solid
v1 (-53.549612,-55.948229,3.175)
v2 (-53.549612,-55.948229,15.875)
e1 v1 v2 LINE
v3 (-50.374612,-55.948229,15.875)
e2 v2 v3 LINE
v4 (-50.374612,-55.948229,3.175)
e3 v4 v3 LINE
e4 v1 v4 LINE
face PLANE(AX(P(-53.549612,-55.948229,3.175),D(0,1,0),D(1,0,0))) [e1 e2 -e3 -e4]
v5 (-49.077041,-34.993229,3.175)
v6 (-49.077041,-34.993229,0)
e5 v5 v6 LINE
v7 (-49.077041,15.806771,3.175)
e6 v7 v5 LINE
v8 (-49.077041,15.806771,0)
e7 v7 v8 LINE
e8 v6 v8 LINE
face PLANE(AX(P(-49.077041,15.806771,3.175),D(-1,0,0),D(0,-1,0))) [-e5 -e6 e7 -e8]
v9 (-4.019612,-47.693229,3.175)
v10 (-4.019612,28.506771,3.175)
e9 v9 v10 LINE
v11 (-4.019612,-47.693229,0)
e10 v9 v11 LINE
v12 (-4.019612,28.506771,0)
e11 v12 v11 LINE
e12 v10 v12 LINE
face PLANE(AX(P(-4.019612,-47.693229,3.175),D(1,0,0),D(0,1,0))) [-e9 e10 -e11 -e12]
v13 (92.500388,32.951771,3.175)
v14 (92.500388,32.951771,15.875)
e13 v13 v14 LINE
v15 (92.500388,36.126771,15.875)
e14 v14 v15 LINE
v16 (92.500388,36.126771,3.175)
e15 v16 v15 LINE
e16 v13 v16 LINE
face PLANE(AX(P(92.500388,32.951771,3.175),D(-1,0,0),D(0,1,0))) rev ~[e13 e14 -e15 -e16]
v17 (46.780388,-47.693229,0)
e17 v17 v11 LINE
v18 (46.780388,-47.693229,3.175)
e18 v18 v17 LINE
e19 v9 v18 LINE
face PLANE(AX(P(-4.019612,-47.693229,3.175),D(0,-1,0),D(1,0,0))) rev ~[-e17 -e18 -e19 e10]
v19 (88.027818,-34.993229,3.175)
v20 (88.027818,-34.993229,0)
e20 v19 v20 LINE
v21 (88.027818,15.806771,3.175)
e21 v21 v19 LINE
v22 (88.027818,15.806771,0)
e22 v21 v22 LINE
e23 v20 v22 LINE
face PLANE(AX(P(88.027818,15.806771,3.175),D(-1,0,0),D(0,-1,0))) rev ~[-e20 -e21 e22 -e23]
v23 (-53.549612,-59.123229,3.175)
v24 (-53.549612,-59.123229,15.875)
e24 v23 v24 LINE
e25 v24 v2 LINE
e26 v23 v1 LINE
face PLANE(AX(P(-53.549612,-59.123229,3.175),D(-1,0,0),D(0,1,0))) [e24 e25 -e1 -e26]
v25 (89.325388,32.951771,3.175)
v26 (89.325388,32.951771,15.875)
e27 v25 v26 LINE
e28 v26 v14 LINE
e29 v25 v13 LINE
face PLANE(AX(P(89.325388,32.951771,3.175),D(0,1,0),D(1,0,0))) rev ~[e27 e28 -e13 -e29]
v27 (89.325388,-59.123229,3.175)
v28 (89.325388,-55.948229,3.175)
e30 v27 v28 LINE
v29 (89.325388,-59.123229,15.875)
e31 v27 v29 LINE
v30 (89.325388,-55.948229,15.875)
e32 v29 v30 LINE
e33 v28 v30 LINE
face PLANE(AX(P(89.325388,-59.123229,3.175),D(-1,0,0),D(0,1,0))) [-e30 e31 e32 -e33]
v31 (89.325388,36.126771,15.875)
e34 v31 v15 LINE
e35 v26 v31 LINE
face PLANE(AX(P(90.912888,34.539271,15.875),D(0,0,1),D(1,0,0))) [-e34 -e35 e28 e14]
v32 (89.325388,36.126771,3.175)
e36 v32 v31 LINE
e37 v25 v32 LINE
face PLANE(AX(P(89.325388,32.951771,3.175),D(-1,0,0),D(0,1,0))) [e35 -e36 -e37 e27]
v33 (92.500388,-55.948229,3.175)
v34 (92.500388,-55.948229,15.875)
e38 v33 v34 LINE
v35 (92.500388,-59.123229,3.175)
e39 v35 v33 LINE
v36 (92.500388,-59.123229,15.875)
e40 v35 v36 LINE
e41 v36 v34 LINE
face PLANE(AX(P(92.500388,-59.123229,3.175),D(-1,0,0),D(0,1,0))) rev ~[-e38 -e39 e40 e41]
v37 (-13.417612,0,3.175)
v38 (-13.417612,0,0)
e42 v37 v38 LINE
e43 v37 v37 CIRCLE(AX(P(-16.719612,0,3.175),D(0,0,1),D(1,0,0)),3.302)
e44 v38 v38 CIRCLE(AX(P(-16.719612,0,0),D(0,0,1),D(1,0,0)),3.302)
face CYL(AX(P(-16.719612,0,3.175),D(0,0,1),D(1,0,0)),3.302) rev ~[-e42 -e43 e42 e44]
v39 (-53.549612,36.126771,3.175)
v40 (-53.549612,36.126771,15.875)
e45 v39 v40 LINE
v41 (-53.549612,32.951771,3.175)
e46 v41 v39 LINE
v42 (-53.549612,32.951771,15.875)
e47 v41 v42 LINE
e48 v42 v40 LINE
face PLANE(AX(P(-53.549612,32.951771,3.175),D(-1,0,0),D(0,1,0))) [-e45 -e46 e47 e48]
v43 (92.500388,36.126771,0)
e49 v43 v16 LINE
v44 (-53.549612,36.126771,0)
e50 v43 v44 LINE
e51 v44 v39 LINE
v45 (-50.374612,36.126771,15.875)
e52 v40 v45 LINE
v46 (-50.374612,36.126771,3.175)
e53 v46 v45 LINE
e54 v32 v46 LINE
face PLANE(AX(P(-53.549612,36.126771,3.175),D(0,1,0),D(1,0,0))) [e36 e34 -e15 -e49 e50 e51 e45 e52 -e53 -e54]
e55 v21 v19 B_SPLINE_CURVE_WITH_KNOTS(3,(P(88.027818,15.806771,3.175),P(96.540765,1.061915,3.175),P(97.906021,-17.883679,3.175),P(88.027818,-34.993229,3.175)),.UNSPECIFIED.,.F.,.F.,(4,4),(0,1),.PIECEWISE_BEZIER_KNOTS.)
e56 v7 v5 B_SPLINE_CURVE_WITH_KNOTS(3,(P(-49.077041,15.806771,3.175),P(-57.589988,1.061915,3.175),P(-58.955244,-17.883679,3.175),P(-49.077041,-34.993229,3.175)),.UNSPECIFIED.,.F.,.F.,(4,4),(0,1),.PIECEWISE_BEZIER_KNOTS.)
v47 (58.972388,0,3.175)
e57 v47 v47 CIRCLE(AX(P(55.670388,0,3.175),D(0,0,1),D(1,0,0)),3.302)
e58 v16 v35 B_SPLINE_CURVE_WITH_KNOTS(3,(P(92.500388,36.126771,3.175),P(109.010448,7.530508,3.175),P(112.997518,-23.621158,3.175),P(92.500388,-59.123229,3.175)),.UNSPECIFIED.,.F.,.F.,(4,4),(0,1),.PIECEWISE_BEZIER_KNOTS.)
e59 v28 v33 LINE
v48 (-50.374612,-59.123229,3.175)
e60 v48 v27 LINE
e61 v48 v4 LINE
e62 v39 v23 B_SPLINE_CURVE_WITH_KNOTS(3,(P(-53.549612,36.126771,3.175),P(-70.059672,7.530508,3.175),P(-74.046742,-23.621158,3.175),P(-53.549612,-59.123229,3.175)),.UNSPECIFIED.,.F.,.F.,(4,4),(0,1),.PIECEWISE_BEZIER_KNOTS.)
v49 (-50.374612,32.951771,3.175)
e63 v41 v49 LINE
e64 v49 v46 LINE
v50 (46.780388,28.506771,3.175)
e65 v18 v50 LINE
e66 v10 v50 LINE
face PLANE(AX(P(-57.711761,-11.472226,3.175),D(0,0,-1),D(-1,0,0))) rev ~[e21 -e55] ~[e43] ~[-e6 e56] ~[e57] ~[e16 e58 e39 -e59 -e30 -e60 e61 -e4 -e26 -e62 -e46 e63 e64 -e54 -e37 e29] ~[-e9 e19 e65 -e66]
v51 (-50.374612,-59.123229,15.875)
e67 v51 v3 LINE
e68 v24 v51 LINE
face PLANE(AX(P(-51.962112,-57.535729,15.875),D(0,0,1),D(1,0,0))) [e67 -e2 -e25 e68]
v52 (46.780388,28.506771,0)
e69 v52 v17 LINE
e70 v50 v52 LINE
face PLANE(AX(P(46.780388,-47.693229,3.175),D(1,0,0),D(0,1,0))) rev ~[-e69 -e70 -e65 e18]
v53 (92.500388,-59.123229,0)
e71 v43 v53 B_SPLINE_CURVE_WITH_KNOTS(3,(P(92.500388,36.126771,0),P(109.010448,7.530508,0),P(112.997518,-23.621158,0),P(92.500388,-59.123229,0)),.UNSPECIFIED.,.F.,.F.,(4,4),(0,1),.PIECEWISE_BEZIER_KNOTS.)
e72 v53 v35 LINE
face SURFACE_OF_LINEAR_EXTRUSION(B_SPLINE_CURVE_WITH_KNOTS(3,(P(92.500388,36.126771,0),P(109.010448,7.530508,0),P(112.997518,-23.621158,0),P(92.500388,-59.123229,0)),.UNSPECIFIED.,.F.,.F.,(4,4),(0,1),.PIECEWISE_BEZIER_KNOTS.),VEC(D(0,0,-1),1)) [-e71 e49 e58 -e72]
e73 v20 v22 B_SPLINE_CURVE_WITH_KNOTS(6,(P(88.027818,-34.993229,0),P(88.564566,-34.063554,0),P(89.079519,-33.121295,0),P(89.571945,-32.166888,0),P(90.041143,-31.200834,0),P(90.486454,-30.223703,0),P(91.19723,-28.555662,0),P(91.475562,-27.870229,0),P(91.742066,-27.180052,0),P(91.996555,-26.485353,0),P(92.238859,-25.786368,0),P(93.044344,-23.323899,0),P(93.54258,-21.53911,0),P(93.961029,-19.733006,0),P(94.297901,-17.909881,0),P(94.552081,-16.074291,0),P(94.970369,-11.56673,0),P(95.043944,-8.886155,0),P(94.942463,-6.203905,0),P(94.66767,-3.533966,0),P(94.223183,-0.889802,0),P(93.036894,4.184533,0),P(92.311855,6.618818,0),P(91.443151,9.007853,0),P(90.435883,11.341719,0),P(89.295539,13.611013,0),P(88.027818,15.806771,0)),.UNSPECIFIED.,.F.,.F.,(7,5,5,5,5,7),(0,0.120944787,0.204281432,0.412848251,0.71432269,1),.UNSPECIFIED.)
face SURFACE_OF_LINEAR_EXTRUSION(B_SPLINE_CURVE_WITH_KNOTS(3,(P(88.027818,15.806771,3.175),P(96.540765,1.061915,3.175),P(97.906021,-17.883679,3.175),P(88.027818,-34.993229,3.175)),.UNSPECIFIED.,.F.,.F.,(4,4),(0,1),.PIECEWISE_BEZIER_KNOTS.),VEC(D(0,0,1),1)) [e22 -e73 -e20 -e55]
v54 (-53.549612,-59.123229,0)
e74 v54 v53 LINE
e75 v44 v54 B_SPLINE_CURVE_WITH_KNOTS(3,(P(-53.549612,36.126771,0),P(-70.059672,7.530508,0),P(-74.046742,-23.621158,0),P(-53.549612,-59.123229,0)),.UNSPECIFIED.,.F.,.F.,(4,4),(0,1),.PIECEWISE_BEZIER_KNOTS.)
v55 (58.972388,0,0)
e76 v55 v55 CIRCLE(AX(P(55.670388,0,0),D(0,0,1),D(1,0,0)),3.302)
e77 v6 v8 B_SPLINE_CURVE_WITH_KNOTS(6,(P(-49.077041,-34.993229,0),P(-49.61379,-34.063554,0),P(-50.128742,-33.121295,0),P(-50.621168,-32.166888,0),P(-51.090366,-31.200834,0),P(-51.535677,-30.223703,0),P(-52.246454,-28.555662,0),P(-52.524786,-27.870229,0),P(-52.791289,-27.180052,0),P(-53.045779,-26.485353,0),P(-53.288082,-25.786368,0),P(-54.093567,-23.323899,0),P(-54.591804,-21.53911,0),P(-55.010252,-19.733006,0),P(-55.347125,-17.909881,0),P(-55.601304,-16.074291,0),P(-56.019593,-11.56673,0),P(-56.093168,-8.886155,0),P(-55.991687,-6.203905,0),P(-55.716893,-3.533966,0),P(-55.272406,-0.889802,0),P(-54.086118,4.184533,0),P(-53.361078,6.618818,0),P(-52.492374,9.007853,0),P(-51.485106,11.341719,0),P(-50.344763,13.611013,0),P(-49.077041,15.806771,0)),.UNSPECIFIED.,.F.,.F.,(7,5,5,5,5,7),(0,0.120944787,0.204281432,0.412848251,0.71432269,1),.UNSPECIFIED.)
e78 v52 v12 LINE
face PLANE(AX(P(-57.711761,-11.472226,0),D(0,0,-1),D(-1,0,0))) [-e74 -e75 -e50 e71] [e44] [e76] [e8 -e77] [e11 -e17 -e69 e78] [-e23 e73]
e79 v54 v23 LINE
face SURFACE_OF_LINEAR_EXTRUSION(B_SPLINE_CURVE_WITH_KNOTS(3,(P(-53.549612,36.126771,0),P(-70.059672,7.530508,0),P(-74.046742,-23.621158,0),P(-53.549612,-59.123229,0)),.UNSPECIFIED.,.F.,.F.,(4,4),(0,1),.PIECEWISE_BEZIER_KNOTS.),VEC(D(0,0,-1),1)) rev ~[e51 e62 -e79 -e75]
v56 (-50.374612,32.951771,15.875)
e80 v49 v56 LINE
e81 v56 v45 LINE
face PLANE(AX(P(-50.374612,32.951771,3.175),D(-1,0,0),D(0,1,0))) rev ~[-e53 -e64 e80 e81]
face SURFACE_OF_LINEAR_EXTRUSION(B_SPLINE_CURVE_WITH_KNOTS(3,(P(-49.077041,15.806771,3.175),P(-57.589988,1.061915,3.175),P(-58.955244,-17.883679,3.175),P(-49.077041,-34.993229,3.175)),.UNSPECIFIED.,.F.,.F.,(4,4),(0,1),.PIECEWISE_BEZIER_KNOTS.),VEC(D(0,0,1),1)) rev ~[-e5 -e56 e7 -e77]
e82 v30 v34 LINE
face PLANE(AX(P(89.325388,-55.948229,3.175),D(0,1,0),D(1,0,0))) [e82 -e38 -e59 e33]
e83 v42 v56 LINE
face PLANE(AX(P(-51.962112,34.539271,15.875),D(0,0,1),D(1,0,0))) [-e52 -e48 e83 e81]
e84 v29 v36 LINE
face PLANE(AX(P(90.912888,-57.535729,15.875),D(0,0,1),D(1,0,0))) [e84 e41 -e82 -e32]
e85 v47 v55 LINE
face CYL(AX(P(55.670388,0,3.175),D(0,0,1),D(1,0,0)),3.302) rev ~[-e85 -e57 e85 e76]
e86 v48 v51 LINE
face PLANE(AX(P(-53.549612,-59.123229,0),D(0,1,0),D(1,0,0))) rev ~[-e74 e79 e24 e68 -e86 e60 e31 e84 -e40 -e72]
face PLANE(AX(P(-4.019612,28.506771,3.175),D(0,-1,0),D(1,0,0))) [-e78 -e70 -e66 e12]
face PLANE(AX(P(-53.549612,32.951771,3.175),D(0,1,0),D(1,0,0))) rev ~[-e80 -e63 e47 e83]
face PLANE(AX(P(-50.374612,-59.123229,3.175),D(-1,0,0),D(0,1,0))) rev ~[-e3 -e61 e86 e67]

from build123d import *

# Parameters (mm, degrees)
SKETCH1_W           = 73.025
SKETCH1_H           = 95.25
BOSS_EXTRUDE1_DEPTH = 3.175
SKETCH2_R           = 3.302
SKETCH2_W           = 50.8
SKETCH2_H           = 76.2
CUT_EXTRUDE1_DEPTH  = 3.81
SKETCH3_W           = 3.175
SKETCH3_H           = 3.175
BOSS_EXTRUDE2_DEPTH = 12.7


with BuildPart() as part:
    # Sketch1 → Boss-Extrude1 (new body)
    with BuildSketch(Plane.XY):
        with BuildLine():
            Line((-53.549611798, 36.126771133), (-53.549611798, -59.123228867))
            add(Edge.make_bspline(
                [(-53.549611798, 36.126771133), (-70.059671862, 7.530508267), (-74.046742033, -23.621157889), (-53.549611798, -59.123228867)],
                knots=[0, 0, 0, 0, 1, 1, 1, 1], degree=3))
        make_face()
        with Locations((-17.037111798, -11.498228867)):
            Rectangle(SKETCH1_W, SKETCH1_H)
        with Locations((55.987888202, -11.498228867)):
            Rectangle(SKETCH1_W, SKETCH1_H)
        with BuildLine():
            add(Edge.make_bspline(
                [(92.500388202, 36.126771133), (109.010448266, 7.530508267), (112.997518438, -23.621157889), (92.500388202, -59.123228867)],
                knots=[0, 0, 0, 0, 1, 1, 1, 1], degree=3))
            Line((92.500388202, -59.123228867), (92.500388202, 36.126771133))
        make_face()
    extrude(amount=BOSS_EXTRUDE1_DEPTH)

    # Sketch2 → Cut-Extrude1 (cut)
    with BuildSketch(Plane.XY.offset(3.175)):
        with Locations((-16.719611798, 0)):
            Circle(SKETCH2_R)
        with Locations((55.670388202, 0)):
            Circle(SKETCH2_R)
        with Locations((21.380388202, -9.593228867)):
            Rectangle(SKETCH2_W, SKETCH2_H)
        with BuildLine():
            Line((-49.077041311, 15.806771133), (-49.077041311, -34.993228867))
            add(Edge.make_bspline(
                [(-49.077041311, 15.806771133), (-57.589988192, 1.061914612), (-58.955244286, -17.883679426), (-49.077041311, -34.993228867)],
                knots=[0, 0, 0, 0, 1, 1, 1, 1], degree=3))
        make_face()
        with BuildLine():
            Line((88.027817715, 15.806771133), (88.027817715, -34.993228867))
            add(Edge.make_bspline(
                [(88.027817715, 15.806771133), (96.540764597, 1.061914612), (97.90602069, -17.883679426), (88.027817715, -34.993228867)],
                knots=[0, 0, 0, 0, 1, 1, 1, 1], degree=3))
        make_face()
    extrude(amount=-CUT_EXTRUDE1_DEPTH, mode=Mode.SUBTRACT)

    # Sketch3 → Boss-Extrude2 (add)
    with BuildSketch(Plane.XY.offset(3.175)):
        with Locations((-51.962111798, 34.539271133)):
            Rectangle(SKETCH3_W, SKETCH3_H)
        with Locations((-51.962111798, -57.535728867)):
            Rectangle(SKETCH3_W, SKETCH3_H)
        with Locations((90.912888202, -57.535728867)):
            Rectangle(SKETCH3_W, SKETCH3_H)
        with Locations((90.912888202, 34.539271133)):
            Rectangle(SKETCH3_W, SKETCH3_H)
    extrude(amount=BOSS_EXTRUDE2_DEPTH)


solid = part.part
